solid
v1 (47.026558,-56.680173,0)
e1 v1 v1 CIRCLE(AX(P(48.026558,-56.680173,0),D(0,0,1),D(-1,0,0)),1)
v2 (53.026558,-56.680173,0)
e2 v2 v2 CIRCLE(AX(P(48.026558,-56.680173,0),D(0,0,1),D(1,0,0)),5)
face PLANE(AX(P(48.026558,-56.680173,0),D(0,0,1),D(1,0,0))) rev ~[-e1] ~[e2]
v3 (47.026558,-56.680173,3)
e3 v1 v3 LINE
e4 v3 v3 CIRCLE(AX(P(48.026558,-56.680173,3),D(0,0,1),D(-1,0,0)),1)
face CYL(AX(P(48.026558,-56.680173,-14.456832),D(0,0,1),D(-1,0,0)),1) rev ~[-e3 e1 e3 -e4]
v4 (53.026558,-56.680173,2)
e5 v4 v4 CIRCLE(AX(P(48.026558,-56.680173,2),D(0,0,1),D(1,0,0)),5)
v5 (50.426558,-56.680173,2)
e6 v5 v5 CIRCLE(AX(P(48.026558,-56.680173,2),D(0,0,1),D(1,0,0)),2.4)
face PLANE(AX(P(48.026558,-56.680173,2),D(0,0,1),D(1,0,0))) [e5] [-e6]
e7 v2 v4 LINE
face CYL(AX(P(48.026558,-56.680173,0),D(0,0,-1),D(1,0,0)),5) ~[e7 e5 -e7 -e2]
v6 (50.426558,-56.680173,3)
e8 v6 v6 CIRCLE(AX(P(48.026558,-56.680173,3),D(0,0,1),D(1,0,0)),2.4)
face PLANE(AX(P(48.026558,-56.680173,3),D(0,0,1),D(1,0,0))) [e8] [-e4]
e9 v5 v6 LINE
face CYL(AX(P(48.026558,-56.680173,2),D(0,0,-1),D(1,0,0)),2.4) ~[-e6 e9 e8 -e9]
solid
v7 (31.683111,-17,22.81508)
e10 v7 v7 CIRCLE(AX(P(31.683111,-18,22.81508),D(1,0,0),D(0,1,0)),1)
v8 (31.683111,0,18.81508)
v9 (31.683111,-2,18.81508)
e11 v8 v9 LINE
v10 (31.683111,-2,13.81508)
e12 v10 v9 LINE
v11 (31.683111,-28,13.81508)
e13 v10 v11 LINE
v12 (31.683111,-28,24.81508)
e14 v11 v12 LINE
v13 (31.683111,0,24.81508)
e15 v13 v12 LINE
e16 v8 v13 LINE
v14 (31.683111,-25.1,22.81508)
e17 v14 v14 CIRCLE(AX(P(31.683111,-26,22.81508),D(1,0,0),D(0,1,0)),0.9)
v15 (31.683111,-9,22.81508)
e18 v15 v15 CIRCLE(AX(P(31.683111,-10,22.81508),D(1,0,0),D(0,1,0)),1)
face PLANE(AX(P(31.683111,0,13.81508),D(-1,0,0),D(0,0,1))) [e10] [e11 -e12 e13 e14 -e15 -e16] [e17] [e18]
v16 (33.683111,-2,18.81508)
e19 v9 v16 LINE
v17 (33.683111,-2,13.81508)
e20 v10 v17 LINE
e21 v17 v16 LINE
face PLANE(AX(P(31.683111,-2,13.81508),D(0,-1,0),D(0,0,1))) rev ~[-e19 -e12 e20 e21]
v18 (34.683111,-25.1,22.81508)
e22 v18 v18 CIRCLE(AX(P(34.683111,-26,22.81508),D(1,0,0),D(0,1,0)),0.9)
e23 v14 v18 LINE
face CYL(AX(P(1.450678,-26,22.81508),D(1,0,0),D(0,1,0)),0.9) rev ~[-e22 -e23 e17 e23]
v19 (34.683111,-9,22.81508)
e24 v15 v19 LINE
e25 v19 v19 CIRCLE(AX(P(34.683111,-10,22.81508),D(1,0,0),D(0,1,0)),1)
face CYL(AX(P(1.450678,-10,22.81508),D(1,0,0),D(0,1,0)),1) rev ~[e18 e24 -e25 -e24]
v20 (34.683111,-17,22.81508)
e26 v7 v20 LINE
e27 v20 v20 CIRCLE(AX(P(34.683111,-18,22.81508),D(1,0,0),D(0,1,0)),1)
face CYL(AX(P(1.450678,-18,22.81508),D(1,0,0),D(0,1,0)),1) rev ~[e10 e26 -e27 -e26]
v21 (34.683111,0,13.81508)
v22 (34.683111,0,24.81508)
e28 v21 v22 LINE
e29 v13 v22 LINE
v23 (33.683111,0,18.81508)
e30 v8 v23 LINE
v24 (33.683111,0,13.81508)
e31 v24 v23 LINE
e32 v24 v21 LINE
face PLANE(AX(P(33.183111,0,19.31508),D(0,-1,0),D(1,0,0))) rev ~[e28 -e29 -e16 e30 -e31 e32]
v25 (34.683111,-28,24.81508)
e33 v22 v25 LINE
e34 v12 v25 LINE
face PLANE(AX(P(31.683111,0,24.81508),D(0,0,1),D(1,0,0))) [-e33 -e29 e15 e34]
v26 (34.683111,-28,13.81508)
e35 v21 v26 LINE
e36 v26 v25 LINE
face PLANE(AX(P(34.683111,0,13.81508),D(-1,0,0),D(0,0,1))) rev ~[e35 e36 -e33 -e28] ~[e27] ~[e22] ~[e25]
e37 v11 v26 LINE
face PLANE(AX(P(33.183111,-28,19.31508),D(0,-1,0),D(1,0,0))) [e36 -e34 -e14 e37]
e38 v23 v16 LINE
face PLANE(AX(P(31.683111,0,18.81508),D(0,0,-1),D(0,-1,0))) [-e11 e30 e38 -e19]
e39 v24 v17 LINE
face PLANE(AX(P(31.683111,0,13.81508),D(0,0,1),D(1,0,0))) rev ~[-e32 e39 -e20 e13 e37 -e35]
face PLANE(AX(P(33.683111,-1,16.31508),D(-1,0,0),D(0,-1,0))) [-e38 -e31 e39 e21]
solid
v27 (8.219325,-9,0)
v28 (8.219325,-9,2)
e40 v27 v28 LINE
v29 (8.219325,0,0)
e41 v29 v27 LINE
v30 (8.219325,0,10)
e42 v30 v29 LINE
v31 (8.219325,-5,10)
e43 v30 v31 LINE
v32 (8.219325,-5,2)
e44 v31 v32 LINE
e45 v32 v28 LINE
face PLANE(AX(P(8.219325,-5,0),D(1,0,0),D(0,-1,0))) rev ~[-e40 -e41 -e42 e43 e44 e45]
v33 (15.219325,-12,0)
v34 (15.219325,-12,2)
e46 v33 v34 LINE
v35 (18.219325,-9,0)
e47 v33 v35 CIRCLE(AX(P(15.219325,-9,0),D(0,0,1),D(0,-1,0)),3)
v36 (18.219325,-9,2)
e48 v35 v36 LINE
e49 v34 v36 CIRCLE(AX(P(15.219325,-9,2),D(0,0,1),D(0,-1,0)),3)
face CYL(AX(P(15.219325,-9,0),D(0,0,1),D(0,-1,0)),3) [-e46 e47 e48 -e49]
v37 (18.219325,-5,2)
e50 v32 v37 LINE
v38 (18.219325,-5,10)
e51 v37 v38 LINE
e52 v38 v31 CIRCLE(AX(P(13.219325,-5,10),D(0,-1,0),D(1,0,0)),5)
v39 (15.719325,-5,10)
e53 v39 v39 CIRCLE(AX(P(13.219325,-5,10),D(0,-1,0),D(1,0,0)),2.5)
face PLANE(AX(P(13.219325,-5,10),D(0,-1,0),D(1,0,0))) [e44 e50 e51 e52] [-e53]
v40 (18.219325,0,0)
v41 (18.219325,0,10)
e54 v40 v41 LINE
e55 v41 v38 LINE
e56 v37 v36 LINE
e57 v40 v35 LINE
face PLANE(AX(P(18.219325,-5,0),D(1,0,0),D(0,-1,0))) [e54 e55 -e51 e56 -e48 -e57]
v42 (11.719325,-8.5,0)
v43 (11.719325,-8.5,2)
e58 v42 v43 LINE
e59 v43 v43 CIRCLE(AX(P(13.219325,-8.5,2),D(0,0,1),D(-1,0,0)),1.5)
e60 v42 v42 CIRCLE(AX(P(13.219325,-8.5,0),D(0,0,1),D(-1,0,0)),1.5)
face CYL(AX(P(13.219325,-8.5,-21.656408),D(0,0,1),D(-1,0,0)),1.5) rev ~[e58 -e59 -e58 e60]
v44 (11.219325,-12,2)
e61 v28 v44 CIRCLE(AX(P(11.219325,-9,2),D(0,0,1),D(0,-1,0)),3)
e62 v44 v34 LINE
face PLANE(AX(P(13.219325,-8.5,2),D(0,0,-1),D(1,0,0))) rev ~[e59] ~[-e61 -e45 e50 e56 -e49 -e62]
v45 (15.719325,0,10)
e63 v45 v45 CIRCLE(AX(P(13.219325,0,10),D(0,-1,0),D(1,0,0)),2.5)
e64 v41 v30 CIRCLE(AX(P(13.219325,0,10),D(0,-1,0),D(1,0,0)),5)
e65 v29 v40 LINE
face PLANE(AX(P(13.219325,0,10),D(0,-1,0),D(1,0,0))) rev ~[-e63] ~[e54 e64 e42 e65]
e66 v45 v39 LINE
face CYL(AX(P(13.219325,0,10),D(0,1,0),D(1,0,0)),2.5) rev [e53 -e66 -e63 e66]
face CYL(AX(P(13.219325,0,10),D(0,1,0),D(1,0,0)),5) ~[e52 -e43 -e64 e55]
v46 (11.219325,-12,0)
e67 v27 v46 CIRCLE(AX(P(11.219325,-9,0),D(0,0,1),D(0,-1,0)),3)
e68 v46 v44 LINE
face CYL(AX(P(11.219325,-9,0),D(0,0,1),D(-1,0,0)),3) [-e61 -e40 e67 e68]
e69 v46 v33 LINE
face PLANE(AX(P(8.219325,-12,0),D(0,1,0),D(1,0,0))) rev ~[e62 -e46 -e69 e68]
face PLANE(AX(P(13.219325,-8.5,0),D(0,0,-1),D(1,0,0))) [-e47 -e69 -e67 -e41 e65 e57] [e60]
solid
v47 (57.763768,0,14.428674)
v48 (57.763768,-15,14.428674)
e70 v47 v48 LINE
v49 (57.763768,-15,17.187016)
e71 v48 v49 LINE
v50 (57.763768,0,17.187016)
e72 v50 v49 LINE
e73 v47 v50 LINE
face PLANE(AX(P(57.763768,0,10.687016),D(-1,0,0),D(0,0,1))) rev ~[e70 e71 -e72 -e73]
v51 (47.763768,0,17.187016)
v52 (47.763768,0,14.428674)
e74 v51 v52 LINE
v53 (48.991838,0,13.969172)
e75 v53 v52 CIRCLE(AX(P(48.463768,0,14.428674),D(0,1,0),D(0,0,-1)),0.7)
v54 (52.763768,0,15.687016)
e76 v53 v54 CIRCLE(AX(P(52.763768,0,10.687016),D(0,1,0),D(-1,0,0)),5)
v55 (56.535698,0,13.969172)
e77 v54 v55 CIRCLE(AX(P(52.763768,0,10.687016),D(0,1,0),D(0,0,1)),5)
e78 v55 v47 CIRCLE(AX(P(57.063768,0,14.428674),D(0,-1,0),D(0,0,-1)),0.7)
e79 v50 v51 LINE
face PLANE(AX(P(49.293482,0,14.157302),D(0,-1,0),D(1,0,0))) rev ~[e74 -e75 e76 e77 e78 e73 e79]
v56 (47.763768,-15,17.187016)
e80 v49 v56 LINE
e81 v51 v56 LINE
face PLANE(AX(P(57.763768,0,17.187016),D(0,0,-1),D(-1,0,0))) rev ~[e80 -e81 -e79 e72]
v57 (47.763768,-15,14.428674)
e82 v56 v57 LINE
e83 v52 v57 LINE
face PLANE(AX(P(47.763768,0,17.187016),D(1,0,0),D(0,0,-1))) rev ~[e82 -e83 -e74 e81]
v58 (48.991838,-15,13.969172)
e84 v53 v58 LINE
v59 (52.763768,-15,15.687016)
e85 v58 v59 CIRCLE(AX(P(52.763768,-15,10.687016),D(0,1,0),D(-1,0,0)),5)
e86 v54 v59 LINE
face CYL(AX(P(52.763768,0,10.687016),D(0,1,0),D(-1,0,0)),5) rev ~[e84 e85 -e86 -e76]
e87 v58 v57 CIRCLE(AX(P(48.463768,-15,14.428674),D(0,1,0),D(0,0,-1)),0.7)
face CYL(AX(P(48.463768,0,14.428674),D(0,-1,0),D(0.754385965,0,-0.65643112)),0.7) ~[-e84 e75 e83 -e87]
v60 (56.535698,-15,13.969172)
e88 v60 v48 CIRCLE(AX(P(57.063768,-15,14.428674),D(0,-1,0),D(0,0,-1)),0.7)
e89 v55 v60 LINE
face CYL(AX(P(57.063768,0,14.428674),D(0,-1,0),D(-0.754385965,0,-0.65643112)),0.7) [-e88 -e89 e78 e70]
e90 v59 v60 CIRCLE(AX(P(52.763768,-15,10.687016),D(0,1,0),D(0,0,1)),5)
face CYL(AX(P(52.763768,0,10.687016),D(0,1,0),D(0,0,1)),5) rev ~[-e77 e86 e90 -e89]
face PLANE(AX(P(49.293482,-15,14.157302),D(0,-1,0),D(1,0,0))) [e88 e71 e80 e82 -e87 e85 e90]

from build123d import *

# Parameters (mm, degrees)
F0_R      = 2.5
F1_DEPTH  = 5
F2_W      = 10
F2_H      = 7
F3_DEPTH  = 2
F4_D      = 3
F5_R      = 3
F6_W      = 3
F6_H      = 11
F7_DEPTH  = 28
F8_W      = 2
F8_H      = 5
F9_DEPTH  = 2
F10_D     = 2
F11_D     = 1.8
F13_DEPTH = 15
F14_R     = 0.7
F15_R     = 5
F16_DEPTH = 2
F17_R     = 2.4
F18_DEPTH = 1
F19_D     = 2


with BuildPart() as f1:
    # F0 (on Front) → F1 (new body)
    with BuildSketch(Plane.XZ):
        with BuildLine():
            ThreePointArc((8.2193245501, 10), (13.2193245501, 5), (18.2193245501, 10))
            ThreePointArc((18.2193245501, 10), (13.2193245501, 15), (8.2193245501, 10))
        make_face()
        with Locations((13.2193245501, 10)):
            Circle(F0_R, mode=Mode.SUBTRACT)
        with BuildLine():
            Line((18.2193245501, 0), (18.2193245501, 10))
            ThreePointArc((18.2193245501, 10), (13.2193245501, 5), (8.2193245501, 10))
            Line((8.2193245501, 10), (8.2193245501, 0))
            Line((8.2193245501, 0), (18.2193245501, 0))
        make_face()
    extrude(amount=F1_DEPTH)

    # F2 (on face) → F3 (join)
    with BuildSketch(Plane(origin=(0, 0, 0), x_dir=(1, 0, 0), z_dir=(0, 0, -1))):
        with Locations((13.2193245501, 8.5)):
            Rectangle(F2_W, F2_H)
    extrude(amount=-F3_DEPTH)

    # F4 (through all)
    with Locations(Plane(origin=(0, 0, 0), x_dir=(1, 0, 0), z_dir=(0, 0, -1))):
        with Locations((13.2193245501, 8.5)):
            Hole(F4_D / 2)

    # F5
    f5_edges = [f1.edges().sort_by_distance(p)[0] for p in [
        (18.219325, -12, 1),
        (8.219325, -12, 1),
    ]]
    fillet(f5_edges, radius=F5_R)


with BuildPart() as f7:
    # F6 (on Front) → F7 (new body)
    with BuildSketch(Plane.XZ):
        with Locations((33.1831105284, 19.3150802515)):
            Rectangle(F6_W, F6_H)
    extrude(amount=F7_DEPTH)

    # F8 (on face) → F9 (cut)
    with BuildSketch(Plane(origin=(31.6831105284, 0, 0), x_dir=(0, -1, 0), z_dir=(-1, 0, 0))):
        with Locations((1, 16.3150802515)):
            Rectangle(F8_W, F8_H)
    extrude(amount=-F9_DEPTH, mode=Mode.SUBTRACT)

    # F10 (through all)
    with Locations(Plane(origin=(31.6831105284, 0, 0), x_dir=(0, -1, 0), z_dir=(-1, 0, 0))):
        with Locations((10, 22.8150802515), (18, 22.8150802515)):
            Hole(F10_D / 2)

    # F11 (through all)
    with Locations(Plane(origin=(31.6831105284, 0, 0), x_dir=(0, -1, 0), z_dir=(-1, 0, 0))):
        with Locations((26, 22.8150802515)):
            Hole(F11_D / 2)


with BuildPart() as f13:
    # F12 (on Front) → F13 (new body)
    with BuildSketch(Plane.XZ):
        with BuildLine():
            Line((52.7637679825, 15.6870161557), (47.7637679825, 15.6870161557))
            Line((47.7637679825, 15.6870161557), (47.7637679825, 10.6870161557))
            ThreePointArc((47.7637679825, 10.6870161557), (49.2282340766, 14.2225500616), (52.7637679825, 15.6870161557))
        make_face()
        Polygon((57.7637679825, 17.1870161557), (47.7637679825, 17.1870161557), (47.7637679825, 15.6870161557), (52.7637679825, 15.6870161557), (57.7637679825, 15.6870161557), align=None)
        with BuildLine():
            Line((57.7637679825, 10.6870161557), (57.7637679825, 15.6870161557))
            Line((57.7637679825, 15.6870161557), (52.7637679825, 15.6870161557))
            ThreePointArc((52.7637679825, 15.6870161557), (56.2993018884, 14.2225500616), (57.7637679825, 10.6870161557))
        make_face()
    extrude(amount=F13_DEPTH)

    # F14
    f14_edges = [f13.edges().sort_by_distance(p)[0] for p in [
        (47.763768, -7.5, 10.687016),
        (57.763768, -7.5, 10.687016),
    ]]
    fillet(f14_edges, radius=F14_R)


with BuildPart() as f16:
    # F15 (on Top) → F16 (new body)
    with BuildSketch(Plane.XY):
        with Locations((48.0265580118, -56.6801726818)):
            Circle(F15_R)
    extrude(amount=F16_DEPTH)

    # F17 (on face) → F18 (join)
    with BuildSketch(Plane.XY.offset(2)):
        with Locations((48.0265580118, -56.6801726818)):
            Circle(F17_R)
    extrude(amount=F18_DEPTH)

    # F19 (through all)
    with Locations(Plane(origin=(0, 0, 0), x_dir=(1, 0, 0), z_dir=(0, 0, -1))):
        with Locations((48.0265580118, 56.6801726818)):
            Hole(F19_D / 2)


solid = Compound([f1.part, f7.part, f13.part, f16.part])
